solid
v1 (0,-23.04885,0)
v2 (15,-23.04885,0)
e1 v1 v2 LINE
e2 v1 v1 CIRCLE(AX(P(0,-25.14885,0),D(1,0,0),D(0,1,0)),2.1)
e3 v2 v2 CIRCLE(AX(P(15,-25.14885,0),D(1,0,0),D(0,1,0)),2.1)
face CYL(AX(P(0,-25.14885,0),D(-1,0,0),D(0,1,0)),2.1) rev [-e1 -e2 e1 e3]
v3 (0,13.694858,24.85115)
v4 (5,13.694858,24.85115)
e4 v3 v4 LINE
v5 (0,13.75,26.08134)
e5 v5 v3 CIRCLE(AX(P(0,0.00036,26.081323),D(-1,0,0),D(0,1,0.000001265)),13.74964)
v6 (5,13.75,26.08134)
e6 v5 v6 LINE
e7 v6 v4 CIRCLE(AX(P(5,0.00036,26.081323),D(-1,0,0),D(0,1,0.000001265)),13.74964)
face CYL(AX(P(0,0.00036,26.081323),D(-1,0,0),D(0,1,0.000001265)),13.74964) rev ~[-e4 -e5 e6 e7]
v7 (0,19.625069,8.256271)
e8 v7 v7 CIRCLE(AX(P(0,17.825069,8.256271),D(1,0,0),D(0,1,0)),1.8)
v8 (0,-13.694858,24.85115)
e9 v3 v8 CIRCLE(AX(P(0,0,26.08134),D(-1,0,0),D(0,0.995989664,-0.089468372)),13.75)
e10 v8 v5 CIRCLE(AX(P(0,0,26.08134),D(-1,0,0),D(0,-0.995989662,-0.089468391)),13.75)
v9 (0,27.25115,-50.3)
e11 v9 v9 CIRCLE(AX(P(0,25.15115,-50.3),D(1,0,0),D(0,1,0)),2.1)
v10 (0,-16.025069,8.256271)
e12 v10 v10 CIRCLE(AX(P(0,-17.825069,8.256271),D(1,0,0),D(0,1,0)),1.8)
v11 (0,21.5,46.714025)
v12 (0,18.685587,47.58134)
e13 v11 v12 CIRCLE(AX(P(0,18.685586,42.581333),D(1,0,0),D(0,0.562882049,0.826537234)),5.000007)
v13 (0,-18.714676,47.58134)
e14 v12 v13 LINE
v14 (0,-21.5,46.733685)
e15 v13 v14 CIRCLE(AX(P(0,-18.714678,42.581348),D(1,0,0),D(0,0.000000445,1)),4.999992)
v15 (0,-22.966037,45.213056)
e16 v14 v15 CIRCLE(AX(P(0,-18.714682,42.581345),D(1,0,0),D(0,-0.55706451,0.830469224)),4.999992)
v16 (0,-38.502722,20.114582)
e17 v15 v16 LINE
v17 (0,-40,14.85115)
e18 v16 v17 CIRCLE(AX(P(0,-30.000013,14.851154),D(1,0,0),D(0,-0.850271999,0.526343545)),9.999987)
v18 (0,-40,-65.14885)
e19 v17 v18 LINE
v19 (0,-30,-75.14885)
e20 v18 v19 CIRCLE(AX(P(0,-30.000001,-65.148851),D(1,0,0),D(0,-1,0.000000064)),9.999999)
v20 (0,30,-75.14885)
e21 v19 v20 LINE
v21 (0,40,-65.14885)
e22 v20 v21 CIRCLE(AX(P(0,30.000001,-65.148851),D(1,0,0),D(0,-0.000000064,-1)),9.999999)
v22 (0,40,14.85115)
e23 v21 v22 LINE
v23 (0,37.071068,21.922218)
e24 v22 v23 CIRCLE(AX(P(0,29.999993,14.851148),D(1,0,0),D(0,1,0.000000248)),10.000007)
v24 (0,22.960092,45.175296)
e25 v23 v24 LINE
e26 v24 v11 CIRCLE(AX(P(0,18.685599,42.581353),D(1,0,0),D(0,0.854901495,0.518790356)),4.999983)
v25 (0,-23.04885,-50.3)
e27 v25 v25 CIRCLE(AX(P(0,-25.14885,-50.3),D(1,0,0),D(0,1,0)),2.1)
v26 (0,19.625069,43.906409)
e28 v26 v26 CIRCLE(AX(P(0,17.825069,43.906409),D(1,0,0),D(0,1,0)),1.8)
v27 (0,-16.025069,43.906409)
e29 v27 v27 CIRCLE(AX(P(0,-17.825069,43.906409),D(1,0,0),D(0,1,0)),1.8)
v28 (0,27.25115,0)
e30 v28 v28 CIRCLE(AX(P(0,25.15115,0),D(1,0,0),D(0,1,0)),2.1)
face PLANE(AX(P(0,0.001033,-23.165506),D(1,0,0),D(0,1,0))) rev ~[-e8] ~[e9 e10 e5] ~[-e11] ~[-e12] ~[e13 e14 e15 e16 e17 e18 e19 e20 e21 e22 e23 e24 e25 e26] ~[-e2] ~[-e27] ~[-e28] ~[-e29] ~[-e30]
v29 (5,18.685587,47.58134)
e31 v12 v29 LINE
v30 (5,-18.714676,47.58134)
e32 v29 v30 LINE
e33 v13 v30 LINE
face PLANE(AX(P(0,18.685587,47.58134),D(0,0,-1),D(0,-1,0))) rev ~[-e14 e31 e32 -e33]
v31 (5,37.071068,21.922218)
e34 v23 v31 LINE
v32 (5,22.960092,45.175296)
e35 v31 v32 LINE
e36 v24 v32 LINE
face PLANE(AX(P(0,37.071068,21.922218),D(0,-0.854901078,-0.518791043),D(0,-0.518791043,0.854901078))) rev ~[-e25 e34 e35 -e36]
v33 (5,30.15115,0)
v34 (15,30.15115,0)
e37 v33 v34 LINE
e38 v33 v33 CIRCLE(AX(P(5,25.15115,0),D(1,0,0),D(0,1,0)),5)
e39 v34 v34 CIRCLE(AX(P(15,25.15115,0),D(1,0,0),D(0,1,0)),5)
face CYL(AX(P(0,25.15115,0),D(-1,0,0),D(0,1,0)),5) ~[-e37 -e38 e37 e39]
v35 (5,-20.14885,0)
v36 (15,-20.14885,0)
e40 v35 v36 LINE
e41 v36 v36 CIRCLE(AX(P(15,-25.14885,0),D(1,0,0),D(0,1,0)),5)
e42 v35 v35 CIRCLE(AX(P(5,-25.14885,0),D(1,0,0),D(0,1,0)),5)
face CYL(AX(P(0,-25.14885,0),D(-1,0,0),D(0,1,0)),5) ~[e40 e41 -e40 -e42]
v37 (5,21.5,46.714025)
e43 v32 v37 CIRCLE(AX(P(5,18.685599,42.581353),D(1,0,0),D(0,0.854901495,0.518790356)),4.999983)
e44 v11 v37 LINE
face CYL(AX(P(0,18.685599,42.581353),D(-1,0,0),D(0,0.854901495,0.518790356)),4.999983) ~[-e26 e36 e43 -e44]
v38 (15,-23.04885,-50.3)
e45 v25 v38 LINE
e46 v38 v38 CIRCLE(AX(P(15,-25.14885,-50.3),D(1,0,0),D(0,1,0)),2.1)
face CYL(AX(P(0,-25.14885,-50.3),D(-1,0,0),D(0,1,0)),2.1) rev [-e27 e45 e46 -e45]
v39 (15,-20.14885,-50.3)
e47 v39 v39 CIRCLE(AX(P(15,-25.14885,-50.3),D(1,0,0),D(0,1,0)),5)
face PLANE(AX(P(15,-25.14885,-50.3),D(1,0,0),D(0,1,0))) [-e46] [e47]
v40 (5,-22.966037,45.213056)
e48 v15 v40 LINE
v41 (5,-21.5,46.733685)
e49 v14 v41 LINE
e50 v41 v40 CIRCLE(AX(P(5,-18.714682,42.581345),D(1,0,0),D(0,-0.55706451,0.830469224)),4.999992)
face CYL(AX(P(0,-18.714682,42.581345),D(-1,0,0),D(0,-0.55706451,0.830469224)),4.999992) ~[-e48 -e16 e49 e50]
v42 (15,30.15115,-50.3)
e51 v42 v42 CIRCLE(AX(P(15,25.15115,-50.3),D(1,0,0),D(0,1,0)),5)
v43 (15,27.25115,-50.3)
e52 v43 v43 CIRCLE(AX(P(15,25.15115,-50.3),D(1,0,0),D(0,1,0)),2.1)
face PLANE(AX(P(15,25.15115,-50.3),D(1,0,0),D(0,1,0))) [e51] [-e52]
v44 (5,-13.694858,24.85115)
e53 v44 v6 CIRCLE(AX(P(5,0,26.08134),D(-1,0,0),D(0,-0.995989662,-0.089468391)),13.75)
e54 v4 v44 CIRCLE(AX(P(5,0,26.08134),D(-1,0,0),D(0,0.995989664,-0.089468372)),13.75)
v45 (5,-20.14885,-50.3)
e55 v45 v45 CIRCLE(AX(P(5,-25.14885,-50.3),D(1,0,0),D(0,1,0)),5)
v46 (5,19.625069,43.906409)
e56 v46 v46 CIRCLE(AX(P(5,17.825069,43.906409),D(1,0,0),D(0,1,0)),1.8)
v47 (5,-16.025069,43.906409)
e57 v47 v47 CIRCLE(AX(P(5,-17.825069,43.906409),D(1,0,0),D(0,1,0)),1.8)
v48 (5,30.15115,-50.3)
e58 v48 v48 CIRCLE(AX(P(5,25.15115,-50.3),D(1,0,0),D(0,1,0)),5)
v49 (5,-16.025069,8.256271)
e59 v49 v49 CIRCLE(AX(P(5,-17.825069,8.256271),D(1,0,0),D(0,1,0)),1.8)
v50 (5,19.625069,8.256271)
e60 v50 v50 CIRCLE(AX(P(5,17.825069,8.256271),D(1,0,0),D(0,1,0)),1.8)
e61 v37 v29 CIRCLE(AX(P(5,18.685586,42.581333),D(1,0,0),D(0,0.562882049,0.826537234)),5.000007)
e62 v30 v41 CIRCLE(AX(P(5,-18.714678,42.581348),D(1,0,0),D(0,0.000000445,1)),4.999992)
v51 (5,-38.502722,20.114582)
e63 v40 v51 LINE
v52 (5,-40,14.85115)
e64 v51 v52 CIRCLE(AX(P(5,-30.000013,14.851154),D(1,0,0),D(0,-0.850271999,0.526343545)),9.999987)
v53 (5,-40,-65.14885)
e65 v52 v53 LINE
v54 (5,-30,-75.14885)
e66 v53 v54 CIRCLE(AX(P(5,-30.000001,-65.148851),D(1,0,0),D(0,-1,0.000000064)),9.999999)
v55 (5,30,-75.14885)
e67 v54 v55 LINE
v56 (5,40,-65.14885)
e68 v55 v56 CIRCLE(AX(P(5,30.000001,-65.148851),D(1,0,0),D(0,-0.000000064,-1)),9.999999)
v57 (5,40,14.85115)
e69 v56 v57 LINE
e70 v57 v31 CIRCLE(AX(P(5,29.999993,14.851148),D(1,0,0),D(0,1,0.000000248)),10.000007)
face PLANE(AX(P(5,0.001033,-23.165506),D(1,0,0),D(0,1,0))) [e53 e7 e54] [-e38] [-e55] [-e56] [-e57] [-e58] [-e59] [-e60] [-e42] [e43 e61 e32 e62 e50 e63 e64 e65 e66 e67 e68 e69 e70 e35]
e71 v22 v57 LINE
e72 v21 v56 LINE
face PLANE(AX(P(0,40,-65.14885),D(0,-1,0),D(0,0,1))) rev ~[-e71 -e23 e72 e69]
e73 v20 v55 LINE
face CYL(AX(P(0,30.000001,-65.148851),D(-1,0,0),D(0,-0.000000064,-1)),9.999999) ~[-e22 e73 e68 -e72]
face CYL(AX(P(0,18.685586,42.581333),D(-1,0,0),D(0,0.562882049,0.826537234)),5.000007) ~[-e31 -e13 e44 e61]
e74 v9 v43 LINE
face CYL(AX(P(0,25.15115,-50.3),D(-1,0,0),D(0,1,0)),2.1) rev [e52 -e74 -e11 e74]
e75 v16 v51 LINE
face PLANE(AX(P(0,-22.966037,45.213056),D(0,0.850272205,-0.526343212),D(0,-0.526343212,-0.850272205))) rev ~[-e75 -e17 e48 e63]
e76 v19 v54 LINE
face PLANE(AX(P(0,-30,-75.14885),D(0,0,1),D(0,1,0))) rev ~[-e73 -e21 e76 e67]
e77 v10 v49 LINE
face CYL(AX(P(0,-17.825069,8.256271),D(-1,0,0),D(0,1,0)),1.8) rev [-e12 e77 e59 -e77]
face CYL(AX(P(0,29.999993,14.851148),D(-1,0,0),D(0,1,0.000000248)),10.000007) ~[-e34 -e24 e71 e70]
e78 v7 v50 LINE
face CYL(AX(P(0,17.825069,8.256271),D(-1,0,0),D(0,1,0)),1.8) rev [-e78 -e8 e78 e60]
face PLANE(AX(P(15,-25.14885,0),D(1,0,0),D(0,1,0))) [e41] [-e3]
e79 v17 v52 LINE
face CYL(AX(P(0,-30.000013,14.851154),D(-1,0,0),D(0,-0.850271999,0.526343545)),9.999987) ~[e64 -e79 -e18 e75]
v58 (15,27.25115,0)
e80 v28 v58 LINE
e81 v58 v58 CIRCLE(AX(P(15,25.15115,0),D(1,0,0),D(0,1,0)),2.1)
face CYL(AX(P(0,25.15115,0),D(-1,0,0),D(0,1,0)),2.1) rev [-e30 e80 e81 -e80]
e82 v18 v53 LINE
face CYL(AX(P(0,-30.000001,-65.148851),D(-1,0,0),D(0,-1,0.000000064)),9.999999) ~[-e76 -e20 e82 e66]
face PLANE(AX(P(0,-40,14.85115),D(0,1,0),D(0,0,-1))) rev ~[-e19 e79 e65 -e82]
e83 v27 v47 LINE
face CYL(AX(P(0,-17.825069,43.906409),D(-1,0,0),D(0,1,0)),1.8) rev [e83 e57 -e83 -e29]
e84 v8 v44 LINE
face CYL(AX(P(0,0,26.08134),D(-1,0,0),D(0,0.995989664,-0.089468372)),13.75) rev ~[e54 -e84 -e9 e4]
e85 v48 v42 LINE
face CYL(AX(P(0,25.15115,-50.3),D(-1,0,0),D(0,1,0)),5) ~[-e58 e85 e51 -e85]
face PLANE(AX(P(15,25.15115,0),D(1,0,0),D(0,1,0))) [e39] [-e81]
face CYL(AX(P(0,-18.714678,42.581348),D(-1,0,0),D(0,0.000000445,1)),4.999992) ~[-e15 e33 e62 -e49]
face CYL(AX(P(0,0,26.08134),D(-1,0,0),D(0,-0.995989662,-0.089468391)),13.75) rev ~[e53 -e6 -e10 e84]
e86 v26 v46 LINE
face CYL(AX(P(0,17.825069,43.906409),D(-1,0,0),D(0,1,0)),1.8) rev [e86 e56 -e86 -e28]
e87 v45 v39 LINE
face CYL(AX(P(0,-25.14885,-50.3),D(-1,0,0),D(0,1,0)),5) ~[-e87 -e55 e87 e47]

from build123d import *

# Parameters (mm, degrees)
F0_R     = 5
F0_R_2   = 1.8
F1_DEPTH = 5
F0_R_3   = 2.1
F2_DEPTH = 15


with BuildPart() as f1:
    # F0 (on Right) → F1 (new body)
    with BuildSketch(Plane.YZ):
        with BuildLine():
            Line((-30, -75.14885), (30, -75.14885))
            ThreePointArc((30, -75.14885), (37.071068, -72.219918), (40, -65.14885))
            Line((40, -65.14885), (40, 14.85115))
            ThreePointArc((40, 14.85115), (39.238795, 18.677984), (37.071068, 21.922218))
            ThreePointArc((37.071068, 21.922218), (33.826834, 24.089945), (30, 24.85115))
            Line((30, 24.85115), (21.5, 24.85115))
            Line((21.5, 24.85115), (21.5, 4.58134))
            Line((21.5, 4.58134), (-21.5, 4.58134))
            Line((-21.5, 4.58134), (-21.5, 24.85115))
            Line((-21.5, 24.85115), (-30, 24.85115))
            ThreePointArc((-30, 24.85115), (-34.866502, 23.587119), (-38.502722, 20.114582))
            ThreePointArc((-38.502722, 20.114582), (-39.6184, 17.587277), (-40, 14.85115))
            Line((-40, 14.85115), (-40, -65.14885))
            ThreePointArc((-40, -65.14885), (-37.071068, -72.219918), (-30, -75.14885))
        make_face()
        with Locations((-25.14885, -50.3)):
            Circle(F0_R, mode=Mode.SUBTRACT)
        with Locations((25.15115, -50.3)):
            Circle(F0_R, mode=Mode.SUBTRACT)
        with Locations((-25.14885, 0)):
            Circle(F0_R, mode=Mode.SUBTRACT)
        with Locations((25.15115, 0)):
            Circle(F0_R, mode=Mode.SUBTRACT)
        with BuildLine():
            ThreePointArc((30, 24.85115), (33.826834, 24.089945), (37.071068, 21.922218))
            Line((37.071068, 21.922218), (22.960092, 45.175296))
            ThreePointArc((22.960092, 45.175296), (22.312585, 46.022981), (21.5, 46.714025))
            Line((21.5, 46.714025), (21.5, 24.85115))
            Line((21.5, 24.85115), (30, 24.85115))
        make_face()
        with BuildLine():
            Line((-22.966037, 45.213056), (-38.502722, 20.114582))
            ThreePointArc((-38.502722, 20.114582), (-34.866502, 23.587119), (-30, 24.85115))
            Line((-30, 24.85115), (-21.5, 24.85115))
            Line((-21.5, 24.85115), (-21.5, 46.733685))
            ThreePointArc((-21.5, 46.733685), (-22.314233, 46.05167), (-22.966037, 45.213056))
        make_face()
        with BuildLine():
            Line((13.694858, 24.85115), (21.5, 24.85115))
            Line((21.5, 24.85115), (21.5, 46.714025))
            ThreePointArc((21.5, 46.714025), (20.158098, 47.359594), (18.685587, 47.58134))
            Line((18.685587, 47.58134), (-18.714676, 47.58134))
            ThreePointArc((-18.714676, 47.58134), (-20.170401, 47.364735), (-21.5, 46.733685))
            Line((-21.5, 46.733685), (-21.5, 24.85115))
            Line((-21.5, 24.85115), (-13.694858, 24.85115))
            ThreePointArc((-13.694858, 24.85115), (-0.615713, 39.817548), (13.75, 26.08134))
            ThreePointArc((13.75, 26.08134), (13.736208, 25.465628), (13.694858, 24.85115))
        make_face()
        with Locations((-17.825069, 43.906409)):
            Circle(F0_R_2, mode=Mode.SUBTRACT)
        with Locations((17.825069, 43.906409)):
            Circle(F0_R_2, mode=Mode.SUBTRACT)
        with BuildLine():
            Line((21.5, 4.58134), (21.5, 24.85115))
            Line((21.5, 24.85115), (13.694858, 24.85115))
            ThreePointArc((13.694858, 24.85115), (0, 12.33134), (-13.694858, 24.85115))
            Line((-13.694858, 24.85115), (-21.5, 24.85115))
            Line((-21.5, 24.85115), (-21.5, 4.58134))
            Line((-21.5, 4.58134), (21.5, 4.58134))
        make_face()
        with Locations((-17.825069, 8.256271)):
            Circle(F0_R_2, mode=Mode.SUBTRACT)
        with Locations((17.825069, 8.256271)):
            Circle(F0_R_2, mode=Mode.SUBTRACT)
    extrude(amount=F1_DEPTH)

    # F0 (on Right) → F2 (join)
    with BuildSketch(Plane.YZ):
        with Locations((-25.14885, 0)):
            Circle(F0_R)
        with Locations((-25.14885, 0)):
            Circle(F0_R_3, mode=Mode.SUBTRACT)
        with Locations((25.15115, 0)):
            Circle(F0_R)
        with Locations((25.15115, 0)):
            Circle(F0_R_3, mode=Mode.SUBTRACT)
        with Locations((25.15115, -50.3)):
            Circle(F0_R)
        with Locations((25.15115, -50.3)):
            Circle(F0_R_3, mode=Mode.SUBTRACT)
        with Locations((-25.14885, -50.3)):
            Circle(F0_R)
        with Locations((-25.14885, -50.3)):
            Circle(F0_R_3, mode=Mode.SUBTRACT)
    extrude(amount=F2_DEPTH)


solid = f1.part
